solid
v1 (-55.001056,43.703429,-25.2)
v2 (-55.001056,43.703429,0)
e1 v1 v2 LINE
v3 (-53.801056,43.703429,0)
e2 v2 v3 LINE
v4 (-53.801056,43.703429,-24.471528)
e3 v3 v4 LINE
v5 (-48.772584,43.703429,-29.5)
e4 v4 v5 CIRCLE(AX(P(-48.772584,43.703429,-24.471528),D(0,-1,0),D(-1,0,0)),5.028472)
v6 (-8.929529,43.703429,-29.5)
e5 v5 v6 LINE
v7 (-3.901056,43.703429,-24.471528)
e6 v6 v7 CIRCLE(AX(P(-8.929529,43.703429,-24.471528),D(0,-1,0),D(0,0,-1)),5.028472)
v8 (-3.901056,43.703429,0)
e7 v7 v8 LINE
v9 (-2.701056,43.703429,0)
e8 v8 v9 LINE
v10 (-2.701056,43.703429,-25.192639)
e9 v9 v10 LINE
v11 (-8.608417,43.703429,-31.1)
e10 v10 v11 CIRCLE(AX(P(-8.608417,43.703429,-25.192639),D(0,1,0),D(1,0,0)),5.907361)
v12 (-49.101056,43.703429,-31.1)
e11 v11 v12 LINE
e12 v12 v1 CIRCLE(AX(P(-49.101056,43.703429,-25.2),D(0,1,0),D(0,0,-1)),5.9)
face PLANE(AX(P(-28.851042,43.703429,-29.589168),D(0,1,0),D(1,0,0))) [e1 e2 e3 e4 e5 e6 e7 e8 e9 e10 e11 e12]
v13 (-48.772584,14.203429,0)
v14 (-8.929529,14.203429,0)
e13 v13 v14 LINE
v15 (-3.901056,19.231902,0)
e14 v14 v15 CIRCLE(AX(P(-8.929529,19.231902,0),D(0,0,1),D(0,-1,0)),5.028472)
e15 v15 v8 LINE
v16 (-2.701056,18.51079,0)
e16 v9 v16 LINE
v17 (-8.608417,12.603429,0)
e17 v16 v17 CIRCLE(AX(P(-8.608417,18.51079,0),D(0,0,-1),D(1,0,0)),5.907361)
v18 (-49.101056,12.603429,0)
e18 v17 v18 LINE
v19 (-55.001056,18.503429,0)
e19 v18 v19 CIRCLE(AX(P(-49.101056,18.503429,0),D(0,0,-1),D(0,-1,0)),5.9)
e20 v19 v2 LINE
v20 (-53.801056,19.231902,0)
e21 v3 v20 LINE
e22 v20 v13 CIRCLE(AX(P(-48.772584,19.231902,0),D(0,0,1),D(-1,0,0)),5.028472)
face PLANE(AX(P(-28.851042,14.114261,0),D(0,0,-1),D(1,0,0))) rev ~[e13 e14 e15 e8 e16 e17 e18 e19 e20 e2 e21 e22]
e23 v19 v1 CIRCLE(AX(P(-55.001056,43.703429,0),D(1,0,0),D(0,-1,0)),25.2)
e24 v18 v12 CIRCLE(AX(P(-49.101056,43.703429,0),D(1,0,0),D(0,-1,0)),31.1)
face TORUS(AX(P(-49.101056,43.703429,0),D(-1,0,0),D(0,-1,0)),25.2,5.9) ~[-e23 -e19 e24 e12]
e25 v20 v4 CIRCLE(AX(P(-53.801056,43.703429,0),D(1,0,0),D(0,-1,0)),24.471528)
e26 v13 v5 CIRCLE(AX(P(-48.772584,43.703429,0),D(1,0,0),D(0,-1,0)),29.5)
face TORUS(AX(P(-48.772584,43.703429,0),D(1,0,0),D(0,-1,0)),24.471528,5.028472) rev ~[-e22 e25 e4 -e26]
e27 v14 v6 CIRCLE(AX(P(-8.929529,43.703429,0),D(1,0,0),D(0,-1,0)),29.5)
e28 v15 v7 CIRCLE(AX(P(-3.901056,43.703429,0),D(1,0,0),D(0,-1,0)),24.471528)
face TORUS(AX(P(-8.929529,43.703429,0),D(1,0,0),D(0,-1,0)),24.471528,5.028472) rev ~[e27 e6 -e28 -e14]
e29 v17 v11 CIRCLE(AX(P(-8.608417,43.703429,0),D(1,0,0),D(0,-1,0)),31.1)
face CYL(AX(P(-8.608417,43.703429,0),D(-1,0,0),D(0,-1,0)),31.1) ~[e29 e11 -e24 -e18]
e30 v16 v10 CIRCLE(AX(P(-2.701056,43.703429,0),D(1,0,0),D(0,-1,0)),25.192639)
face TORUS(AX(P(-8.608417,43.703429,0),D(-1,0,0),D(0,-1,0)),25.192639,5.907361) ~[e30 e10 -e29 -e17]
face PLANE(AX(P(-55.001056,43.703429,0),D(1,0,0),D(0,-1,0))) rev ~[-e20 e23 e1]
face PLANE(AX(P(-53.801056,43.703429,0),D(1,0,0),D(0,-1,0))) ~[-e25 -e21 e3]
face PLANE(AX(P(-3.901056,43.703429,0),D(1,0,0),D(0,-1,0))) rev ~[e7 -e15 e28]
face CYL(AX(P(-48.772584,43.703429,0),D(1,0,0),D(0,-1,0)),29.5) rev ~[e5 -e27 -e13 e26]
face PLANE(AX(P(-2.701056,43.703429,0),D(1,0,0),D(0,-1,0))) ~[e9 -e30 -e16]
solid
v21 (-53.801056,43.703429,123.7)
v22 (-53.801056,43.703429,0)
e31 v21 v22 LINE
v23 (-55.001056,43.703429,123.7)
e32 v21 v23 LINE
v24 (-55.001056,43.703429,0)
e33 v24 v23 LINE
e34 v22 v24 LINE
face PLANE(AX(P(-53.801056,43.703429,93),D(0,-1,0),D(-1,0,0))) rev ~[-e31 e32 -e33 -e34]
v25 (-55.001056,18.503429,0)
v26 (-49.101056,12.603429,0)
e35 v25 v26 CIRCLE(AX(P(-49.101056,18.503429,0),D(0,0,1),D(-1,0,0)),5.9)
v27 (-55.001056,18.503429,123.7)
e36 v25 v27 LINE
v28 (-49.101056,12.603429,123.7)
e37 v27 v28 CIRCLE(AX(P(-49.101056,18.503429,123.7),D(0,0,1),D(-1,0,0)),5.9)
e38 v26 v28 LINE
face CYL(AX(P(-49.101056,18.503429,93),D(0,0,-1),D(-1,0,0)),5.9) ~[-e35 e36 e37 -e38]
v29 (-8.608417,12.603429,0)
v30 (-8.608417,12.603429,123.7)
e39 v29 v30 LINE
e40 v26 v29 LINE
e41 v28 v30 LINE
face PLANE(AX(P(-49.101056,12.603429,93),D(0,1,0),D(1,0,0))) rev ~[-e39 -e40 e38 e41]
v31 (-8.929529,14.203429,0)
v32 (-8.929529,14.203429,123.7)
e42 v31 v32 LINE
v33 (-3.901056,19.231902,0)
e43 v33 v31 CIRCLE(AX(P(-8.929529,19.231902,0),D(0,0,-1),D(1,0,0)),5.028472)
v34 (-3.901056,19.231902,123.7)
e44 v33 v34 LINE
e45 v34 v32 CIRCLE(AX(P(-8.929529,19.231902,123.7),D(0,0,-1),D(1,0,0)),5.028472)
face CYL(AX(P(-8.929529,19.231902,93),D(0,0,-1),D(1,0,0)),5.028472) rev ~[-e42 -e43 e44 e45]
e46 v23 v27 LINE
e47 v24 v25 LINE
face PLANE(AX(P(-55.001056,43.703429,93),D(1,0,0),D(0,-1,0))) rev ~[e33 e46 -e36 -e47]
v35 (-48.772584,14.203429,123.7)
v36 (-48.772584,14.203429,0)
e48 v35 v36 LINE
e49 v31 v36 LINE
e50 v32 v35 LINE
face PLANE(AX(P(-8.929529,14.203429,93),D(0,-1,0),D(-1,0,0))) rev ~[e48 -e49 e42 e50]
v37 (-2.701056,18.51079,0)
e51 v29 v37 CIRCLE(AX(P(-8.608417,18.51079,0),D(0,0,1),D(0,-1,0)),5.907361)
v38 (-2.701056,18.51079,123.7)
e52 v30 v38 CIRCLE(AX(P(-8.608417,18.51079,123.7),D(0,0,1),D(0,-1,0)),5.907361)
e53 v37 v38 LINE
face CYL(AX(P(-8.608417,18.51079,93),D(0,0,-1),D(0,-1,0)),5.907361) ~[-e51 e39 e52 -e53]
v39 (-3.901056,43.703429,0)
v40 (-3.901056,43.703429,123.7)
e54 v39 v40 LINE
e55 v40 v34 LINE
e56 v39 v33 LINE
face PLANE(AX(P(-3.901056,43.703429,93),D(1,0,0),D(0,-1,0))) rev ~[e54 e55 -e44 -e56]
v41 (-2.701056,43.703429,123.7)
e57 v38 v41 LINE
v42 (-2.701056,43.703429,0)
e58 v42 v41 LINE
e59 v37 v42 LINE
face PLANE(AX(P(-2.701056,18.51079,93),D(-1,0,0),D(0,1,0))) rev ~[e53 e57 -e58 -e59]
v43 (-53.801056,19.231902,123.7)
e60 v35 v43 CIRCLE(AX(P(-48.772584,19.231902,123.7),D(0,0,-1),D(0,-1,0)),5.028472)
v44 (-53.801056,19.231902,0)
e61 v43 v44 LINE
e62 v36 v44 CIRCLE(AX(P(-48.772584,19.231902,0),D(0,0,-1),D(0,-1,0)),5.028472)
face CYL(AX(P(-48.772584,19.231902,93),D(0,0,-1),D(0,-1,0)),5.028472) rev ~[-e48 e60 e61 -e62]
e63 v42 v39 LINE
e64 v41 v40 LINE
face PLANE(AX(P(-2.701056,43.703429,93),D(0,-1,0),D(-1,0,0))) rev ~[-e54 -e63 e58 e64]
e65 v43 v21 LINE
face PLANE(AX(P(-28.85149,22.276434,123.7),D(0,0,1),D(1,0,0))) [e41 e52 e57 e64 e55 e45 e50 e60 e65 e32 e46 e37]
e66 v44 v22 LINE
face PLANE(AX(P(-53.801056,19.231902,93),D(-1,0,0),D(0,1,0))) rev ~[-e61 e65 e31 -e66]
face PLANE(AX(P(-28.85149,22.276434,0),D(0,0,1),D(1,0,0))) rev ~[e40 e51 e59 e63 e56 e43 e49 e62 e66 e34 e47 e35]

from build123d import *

# Parameters (mm, degrees)
F1_DEPTH = 5
F2_DEPTH = 88
F4_ANGLE = 90
F5_DEPTH = 30.7


with BuildPart() as f1:
    # F0 (on Top) → F1 (new body)
    with BuildSketch(Plane.XY):
        with BuildLine():
            Line((-53.8010563154, 43.703429322), (-55.0010563154, 43.703429322))
            Line((-55.0010563154, 43.703429322), (-55.0010563154, 18.503429322))
            ThreePointArc((-55.0010563154, 18.503429322), (-53.2729863244, 14.331499313), (-49.1010563154, 12.603429322))
            Line((-49.1010563154, 12.603429322), (-8.6084170097, 12.603429322))
            ThreePointArc((-8.6084170097, 12.603429322), (-4.4312822038, 14.3336552105), (-2.7010563154, 18.5107900163))
            Line((-2.7010563154, 18.5107900163), (-2.7010563154, 43.703429322))
            Line((-2.7010563154, 43.703429322), (-3.9010563154, 43.703429322))
            Line((-3.9010563154, 43.703429322), (-3.9010563154, 19.2319015726))
            ThreePointArc((-3.9010563154, 19.2319015726), (-5.3738617386, 15.6762347452), (-8.9295285659, 14.203429322))
            Line((-8.9295285659, 14.203429322), (-48.7725840648, 14.203429322))
            ThreePointArc((-48.7725840648, 14.203429322), (-52.3282508922, 15.6762347452), (-53.8010563154, 19.2319015726))
            Line((-53.8010563154, 19.2319015726), (-53.8010563154, 43.703429322))
        make_face()
    extrude(amount=F1_DEPTH)

    # F2 (add): a face of the model
    f2_faces = [f1.faces().sort_by_distance(p)[0] for p in [
        (-3.2925745983, 31.4676654473, 5),
    ]]
    extrude(f2_faces, amount=F2_DEPTH)

    # F5 (add): a face of the model
    f5_faces = [f1.faces().sort_by_distance(p)[0] for p in [
        (-3.2925745983, 31.4676654473, 93),
    ]]
    extrude(f5_faces, amount=F5_DEPTH)


with BuildPart() as f4:
    # F3 (on face) → F4 (revolve)
    with BuildSketch(Plane(origin=(0, 0, 0), x_dir=(1, 0, 0), z_dir=(0, 0, -1))):
        with BuildLine():
            ThreePointArc((-8.9295285659, -14.203429322), (-5.3738617386, -15.6762347452), (-3.9010563154, -19.2319015726))
            Line((-3.9010563154, -19.2319015726), (-2.7010563154, -18.5107900163))
            ThreePointArc((-2.7010563154, -18.5107900163), (-4.4312822038, -14.3336552105), (-8.6084170097, -12.603429322))
            Line((-8.6084170097, -12.603429322), (-49.1010563154, -12.603429322))
            ThreePointArc((-49.1010563154, -12.603429322), (-53.2729863244, -14.331499313), (-55.0010563154, -18.503429322))
            Line((-55.0010563154, -18.503429322), (-53.8010563154, -19.2319015726))
            ThreePointArc((-53.8010563154, -19.2319015726), (-52.3282508922, -15.6762347452), (-48.7725840648, -14.203429322))
            Line((-48.7725840648, -14.203429322), (-8.9295285659, -14.203429322))
        make_face()
        Polygon((-2.7010563154, -18.5107900163), (-3.9010563154, -19.2319015726), (-3.9010563154, -43.703429322), (-2.7010563154, -43.703429322), align=None)
        Polygon((-53.8010563154, -43.703429322), (-53.8010563154, -19.2319015726), (-55.0010563154, -18.503429322), (-55.0010563154, -43.703429322), align=None)
    revolve(axis=Axis((-3.3010563154, 43.703429322, 0), (1, 0, 0)), revolution_arc=F4_ANGLE)


solid = Compound([f1.part, f4.part])
